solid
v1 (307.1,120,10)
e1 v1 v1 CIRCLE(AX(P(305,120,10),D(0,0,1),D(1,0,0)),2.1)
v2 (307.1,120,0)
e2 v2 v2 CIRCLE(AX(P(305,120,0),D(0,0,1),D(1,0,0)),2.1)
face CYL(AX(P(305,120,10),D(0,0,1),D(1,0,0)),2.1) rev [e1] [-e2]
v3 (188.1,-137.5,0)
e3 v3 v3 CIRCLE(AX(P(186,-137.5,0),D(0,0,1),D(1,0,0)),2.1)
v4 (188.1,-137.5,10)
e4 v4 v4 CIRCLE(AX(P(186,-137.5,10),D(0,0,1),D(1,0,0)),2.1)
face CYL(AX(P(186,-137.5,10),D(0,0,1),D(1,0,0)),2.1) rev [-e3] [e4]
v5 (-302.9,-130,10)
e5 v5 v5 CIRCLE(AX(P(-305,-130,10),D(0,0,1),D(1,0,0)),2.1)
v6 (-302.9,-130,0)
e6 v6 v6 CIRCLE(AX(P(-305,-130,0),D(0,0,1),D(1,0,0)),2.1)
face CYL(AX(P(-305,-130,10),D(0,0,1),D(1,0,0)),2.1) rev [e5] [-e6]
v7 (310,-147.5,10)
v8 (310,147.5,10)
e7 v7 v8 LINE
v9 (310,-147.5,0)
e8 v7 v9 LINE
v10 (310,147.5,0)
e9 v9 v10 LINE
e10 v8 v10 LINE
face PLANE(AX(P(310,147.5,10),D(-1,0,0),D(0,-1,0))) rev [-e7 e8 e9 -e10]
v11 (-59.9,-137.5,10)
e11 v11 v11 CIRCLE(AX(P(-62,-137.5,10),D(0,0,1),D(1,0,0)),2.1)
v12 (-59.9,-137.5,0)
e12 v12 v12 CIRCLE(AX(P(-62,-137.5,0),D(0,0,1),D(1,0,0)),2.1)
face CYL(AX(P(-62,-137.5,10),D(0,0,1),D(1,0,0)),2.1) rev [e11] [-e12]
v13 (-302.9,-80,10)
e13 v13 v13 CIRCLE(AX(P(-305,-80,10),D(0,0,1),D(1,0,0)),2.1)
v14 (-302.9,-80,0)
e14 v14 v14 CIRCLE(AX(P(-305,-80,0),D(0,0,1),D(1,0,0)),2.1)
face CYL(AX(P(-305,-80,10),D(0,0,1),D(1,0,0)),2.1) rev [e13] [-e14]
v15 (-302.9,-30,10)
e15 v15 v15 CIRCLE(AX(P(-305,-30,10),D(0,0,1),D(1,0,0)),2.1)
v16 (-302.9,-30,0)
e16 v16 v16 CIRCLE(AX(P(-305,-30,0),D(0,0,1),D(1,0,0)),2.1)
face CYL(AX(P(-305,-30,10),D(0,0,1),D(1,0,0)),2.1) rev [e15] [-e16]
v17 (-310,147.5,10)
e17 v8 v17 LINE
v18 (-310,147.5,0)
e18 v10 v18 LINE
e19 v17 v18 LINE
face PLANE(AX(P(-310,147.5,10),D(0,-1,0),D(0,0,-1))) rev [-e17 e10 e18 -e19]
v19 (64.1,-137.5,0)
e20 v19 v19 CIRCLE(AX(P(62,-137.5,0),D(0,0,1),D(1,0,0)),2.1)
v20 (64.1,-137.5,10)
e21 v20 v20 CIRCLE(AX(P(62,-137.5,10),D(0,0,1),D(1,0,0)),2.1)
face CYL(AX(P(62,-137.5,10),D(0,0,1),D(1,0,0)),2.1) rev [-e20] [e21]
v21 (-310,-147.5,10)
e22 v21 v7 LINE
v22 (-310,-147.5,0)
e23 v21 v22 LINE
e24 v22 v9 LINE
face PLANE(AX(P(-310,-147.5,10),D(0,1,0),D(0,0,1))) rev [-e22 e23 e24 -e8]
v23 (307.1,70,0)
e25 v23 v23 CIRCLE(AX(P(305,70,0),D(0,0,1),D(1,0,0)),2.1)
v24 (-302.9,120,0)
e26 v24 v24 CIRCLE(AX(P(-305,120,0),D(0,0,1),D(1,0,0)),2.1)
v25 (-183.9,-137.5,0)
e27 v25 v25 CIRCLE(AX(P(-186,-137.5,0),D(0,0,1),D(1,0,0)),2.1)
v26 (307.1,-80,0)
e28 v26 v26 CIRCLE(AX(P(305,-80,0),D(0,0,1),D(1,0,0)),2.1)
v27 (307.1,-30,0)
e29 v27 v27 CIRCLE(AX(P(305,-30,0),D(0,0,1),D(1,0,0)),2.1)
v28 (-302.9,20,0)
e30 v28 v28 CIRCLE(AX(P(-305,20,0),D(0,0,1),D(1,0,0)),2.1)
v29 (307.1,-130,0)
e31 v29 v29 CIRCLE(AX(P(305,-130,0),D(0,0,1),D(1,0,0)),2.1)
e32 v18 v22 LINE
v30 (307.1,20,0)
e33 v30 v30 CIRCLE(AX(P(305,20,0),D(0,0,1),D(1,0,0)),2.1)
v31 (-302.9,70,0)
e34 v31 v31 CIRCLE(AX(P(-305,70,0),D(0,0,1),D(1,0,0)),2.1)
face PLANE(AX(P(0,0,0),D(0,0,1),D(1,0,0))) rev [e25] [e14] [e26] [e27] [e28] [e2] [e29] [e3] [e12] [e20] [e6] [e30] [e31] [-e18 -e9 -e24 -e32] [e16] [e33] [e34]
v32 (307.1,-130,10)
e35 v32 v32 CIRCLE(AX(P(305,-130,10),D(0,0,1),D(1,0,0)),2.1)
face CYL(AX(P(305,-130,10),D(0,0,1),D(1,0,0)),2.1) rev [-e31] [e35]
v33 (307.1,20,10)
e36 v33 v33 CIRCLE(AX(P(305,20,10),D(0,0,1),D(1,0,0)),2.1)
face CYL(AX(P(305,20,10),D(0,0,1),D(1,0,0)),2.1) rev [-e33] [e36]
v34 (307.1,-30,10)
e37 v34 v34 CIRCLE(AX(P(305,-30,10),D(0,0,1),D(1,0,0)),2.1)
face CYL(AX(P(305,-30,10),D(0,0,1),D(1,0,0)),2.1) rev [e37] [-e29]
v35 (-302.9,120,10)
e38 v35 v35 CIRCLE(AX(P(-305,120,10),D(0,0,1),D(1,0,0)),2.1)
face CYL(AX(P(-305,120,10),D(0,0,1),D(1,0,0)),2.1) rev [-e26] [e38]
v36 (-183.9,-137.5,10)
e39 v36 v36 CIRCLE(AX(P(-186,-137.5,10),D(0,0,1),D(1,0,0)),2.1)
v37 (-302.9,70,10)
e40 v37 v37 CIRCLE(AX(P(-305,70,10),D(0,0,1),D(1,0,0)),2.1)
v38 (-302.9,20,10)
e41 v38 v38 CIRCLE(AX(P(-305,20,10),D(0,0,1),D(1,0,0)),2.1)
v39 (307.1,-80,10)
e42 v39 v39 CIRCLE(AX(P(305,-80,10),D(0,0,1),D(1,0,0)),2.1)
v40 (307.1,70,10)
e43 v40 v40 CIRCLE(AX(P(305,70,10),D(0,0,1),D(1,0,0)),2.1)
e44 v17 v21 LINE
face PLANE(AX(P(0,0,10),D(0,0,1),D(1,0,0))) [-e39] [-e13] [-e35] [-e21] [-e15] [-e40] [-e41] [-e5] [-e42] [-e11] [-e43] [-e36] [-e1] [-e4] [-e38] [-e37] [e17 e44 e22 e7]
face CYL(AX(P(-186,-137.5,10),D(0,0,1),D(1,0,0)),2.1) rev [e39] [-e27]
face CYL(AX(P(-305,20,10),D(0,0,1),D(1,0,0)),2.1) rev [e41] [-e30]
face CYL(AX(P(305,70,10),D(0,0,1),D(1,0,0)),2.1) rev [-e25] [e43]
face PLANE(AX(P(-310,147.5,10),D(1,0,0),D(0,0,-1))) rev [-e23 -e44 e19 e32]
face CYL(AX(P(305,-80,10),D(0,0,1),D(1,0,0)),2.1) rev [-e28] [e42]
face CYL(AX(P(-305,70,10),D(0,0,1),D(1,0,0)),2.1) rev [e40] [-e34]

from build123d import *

# Parameters (mm, degrees)
SKETCH_1_W                  = 620
SKETCH_1_H                  = 295
EXTRUDE_1_DEPTH             = 10
HOLE_WIZARD_M5_1_AT_2_COUNT = 2
HOLE_WIZARD_M5_1_AT_2_PITCH = 610
PATTERN_LINEAR_1_COUNT      = 6
PATTERN_LINEAR_1_PITCH      = 50
HOLE_WIZARD_M5_2_D          = 4.2


with BuildPart() as part:
    # 草图1 → 凸台-拉伸1 (new body)
    with BuildSketch(Plane.XY):
        Rectangle(SKETCH_1_W, SKETCH_1_H)
    extrude(amount=EXTRUDE_1_DEPTH)

    # 草图4 → M5 螺纹孔1 (revolve, cut)
    with BuildSketch(Plane(origin=(-305, 120, 10), x_dir=(0, -1, 0), z_dir=(1, 0, 0))):
        Polygon((0, 0), (0, 13.4618073), (2.1, 12.2), (2.1, 0), align=None)
    hole_wizard_m5_1 = revolve(axis=Axis((-305, 120, 16.35), (0, 0, -1)), mode=Mode.SUBTRACT)

    # M5 螺纹孔1 at 2: M5 螺纹孔1 ×2
    with Locations(*[(i * HOLE_WIZARD_M5_1_AT_2_PITCH, 0, 0) for i in range(1, HOLE_WIZARD_M5_1_AT_2_COUNT)]):
        add(hole_wizard_m5_1, mode=Mode.SUBTRACT)

    # 阵列(线性)1: M5 螺纹孔1 ×6
    with Locations(*[(0, -i * PATTERN_LINEAR_1_PITCH, 0) for i in range(1, PATTERN_LINEAR_1_COUNT)]):
        add(hole_wizard_m5_1, mode=Mode.SUBTRACT)

    # 阵列(线性)1 copy 1 sketch → 阵列(线性)1 copy 1 (revolve, cut)
    with BuildSketch(Plane(origin=(305, 70, 10), x_dir=(0, -1, 0), z_dir=(1, 0, 0))):
        Polygon((0, 0), (0, 13.4618073), (2.1, 12.2), (2.1, 0), align=None)
    revolve(axis=Axis((305, 70, 16.35), (0, 0, -1)), mode=Mode.SUBTRACT)

    # 阵列(线性)1 copy 2 sketch → 阵列(线性)1 copy 2 (revolve, cut)
    with BuildSketch(Plane(origin=(305, 20, 10), x_dir=(0, -1, 0), z_dir=(1, 0, 0))):
        Polygon((0, 0), (0, 13.4618073), (2.1, 12.2), (2.1, 0), align=None)
    revolve(axis=Axis((305, 20, 16.35), (0, 0, -1)), mode=Mode.SUBTRACT)

    # 阵列(线性)1 copy 3 sketch → 阵列(线性)1 copy 3 (revolve, cut)
    with BuildSketch(Plane(origin=(305, -30, 10), x_dir=(0, -1, 0), z_dir=(1, 0, 0))):
        Polygon((0, 0), (0, 13.4618073), (2.1, 12.2), (2.1, 0), align=None)
    revolve(axis=Axis((305, -30, 16.35), (0, 0, -1)), mode=Mode.SUBTRACT)

    # 阵列(线性)1 copy 4 sketch → 阵列(线性)1 copy 4 (revolve, cut)
    with BuildSketch(Plane(origin=(305, -80, 10), x_dir=(0, -1, 0), z_dir=(1, 0, 0))):
        Polygon((0, 0), (0, 13.4618073), (2.1, 12.2), (2.1, 0), align=None)
    revolve(axis=Axis((305, -80, 16.35), (0, 0, -1)), mode=Mode.SUBTRACT)

    # 阵列(线性)1 copy 5 sketch → 阵列(线性)1 copy 5 (revolve, cut)
    with BuildSketch(Plane(origin=(305, -130, 10), x_dir=(0, -1, 0), z_dir=(1, 0, 0))):
        Polygon((0, 0), (0, 13.4618073), (2.1, 12.2), (2.1, 0), align=None)
    revolve(axis=Axis((305, -130, 16.35), (0, 0, -1)), mode=Mode.SUBTRACT)

    # M5 螺纹孔2 (through all)
    with Locations(Plane.XY.offset(10)):
        with Locations((-186, -137.5), (-62, -137.5), (62, -137.5), (186, -137.5)):
            Hole(HOLE_WIZARD_M5_2_D / 2)


solid = part.part
